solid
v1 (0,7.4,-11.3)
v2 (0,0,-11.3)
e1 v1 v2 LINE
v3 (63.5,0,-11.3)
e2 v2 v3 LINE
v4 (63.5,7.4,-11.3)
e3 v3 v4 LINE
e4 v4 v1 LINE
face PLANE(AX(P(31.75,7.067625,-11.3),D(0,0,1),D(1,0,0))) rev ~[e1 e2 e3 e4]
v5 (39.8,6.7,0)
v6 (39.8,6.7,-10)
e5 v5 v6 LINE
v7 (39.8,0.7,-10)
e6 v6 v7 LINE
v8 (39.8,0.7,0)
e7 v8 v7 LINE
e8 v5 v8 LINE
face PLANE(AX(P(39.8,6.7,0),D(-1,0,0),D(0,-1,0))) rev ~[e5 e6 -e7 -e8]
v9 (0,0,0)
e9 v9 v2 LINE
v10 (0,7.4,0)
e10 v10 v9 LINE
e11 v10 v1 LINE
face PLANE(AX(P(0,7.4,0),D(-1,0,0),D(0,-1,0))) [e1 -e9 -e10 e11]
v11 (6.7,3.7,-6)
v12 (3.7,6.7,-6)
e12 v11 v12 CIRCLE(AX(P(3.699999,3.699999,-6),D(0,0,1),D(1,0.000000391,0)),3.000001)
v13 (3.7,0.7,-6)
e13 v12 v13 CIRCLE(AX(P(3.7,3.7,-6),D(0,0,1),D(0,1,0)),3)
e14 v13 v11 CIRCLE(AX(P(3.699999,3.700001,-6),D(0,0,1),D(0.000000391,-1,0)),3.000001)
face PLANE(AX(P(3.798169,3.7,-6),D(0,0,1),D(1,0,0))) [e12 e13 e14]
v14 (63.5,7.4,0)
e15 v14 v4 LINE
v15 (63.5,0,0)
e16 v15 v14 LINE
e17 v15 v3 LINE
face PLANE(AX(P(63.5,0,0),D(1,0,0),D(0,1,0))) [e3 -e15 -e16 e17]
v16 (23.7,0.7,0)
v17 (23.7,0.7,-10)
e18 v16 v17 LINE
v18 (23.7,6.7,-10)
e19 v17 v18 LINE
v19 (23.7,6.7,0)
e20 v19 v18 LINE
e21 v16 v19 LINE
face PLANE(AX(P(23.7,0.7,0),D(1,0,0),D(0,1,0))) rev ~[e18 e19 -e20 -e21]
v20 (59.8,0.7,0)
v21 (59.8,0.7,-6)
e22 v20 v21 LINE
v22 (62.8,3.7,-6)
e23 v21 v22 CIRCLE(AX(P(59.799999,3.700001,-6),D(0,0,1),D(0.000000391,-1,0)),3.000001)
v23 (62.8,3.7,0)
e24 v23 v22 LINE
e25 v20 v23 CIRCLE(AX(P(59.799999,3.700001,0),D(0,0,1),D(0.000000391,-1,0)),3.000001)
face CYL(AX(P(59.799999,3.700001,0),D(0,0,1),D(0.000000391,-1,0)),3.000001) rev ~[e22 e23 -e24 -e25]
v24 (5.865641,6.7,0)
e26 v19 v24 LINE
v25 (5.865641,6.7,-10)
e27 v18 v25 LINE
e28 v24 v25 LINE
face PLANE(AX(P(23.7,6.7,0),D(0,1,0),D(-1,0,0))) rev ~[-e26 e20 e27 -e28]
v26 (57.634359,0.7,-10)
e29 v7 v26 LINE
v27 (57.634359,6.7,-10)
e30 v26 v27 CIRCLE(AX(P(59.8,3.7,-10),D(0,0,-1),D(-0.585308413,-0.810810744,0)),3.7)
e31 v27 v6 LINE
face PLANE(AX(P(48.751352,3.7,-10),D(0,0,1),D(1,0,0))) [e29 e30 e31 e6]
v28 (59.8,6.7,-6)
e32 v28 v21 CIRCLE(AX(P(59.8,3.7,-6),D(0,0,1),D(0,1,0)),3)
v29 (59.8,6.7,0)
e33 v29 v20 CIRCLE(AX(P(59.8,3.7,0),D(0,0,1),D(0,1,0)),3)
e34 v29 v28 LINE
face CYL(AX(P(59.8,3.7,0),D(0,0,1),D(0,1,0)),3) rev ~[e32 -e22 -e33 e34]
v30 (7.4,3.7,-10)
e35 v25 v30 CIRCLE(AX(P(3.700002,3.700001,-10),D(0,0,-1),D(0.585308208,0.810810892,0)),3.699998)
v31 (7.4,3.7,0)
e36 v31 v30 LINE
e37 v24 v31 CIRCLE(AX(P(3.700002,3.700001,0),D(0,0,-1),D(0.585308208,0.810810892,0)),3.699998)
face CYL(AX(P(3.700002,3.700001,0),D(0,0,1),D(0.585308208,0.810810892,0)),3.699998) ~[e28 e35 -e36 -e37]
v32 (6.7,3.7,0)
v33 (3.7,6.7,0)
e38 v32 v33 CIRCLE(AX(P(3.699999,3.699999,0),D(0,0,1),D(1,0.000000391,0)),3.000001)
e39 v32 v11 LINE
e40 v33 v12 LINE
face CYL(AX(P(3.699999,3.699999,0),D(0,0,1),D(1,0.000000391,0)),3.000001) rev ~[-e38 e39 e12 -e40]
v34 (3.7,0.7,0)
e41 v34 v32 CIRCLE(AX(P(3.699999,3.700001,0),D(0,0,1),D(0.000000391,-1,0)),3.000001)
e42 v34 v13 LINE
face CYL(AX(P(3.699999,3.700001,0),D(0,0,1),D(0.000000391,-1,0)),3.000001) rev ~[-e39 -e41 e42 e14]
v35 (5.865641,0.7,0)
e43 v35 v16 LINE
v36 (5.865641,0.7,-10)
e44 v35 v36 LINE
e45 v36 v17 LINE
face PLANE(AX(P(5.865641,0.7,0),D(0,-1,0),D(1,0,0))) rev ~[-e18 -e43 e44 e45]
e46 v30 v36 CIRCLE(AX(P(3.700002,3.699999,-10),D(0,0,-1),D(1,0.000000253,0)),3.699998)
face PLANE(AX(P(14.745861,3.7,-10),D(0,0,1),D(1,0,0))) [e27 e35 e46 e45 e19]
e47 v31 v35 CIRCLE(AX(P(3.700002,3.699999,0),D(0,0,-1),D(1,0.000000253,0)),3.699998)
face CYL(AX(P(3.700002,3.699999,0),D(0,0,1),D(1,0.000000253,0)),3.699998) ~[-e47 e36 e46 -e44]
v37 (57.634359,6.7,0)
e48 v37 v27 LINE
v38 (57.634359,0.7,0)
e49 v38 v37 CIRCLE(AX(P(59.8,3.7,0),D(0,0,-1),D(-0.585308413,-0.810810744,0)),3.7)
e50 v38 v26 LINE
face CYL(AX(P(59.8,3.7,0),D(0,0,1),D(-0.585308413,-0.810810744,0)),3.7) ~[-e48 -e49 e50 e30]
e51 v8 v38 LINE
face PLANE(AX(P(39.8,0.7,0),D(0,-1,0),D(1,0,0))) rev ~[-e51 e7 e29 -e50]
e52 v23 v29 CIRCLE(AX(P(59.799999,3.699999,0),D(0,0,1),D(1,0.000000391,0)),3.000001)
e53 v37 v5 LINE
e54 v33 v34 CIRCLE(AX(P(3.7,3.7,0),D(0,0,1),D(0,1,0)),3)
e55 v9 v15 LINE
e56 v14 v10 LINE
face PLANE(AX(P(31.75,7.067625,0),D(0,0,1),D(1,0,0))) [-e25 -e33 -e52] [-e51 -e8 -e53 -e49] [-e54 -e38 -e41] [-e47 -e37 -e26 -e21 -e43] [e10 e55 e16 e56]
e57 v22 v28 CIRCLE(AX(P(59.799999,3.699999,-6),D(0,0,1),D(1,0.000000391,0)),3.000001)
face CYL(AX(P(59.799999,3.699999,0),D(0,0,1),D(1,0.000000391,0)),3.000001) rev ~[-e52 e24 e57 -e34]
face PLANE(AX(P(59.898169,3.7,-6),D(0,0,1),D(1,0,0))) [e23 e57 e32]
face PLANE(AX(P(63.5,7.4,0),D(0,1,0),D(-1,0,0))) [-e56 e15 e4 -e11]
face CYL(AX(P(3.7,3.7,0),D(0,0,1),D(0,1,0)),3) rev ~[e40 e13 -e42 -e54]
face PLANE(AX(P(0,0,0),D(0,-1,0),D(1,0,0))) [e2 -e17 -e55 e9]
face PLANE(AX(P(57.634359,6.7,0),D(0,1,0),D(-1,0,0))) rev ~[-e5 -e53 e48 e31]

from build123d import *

# Parameters (mm, degrees)
F0_W     = 16.1
F0_H     = 6
F1_DEPTH = 11.3
F2_DEPTH = 6
F3_DEPTH = 10


with BuildPart() as f1:
    # F0 (on Top) → F1 (new body)
    with BuildSketch(Plane.XY):
        with BuildLine():
            Line((59.8, 7.4), (3.7, 7.4))
            ThreePointArc((3.7, 7.4), (4.837981, 7.220653), (5.865641, 6.7))
            Line((5.865641, 6.7), (23.7, 6.7))
            Line((23.7, 6.7), (39.8, 6.7))
            Line((39.8, 6.7), (57.634359, 6.7))
            ThreePointArc((57.634359, 6.7), (58.662019, 7.220653), (59.8, 7.4))
        make_face()
        with BuildLine():
            ThreePointArc((57.634359, 6.7), (56.1, 3.7), (57.634359, 0.7))
            Line((57.634359, 0.7), (59.8, 0.7))
            ThreePointArc((59.8, 0.7), (56.8, 3.7), (59.8, 6.7))
            Line((59.8, 6.7), (57.634359, 6.7))
        make_face()
        with BuildLine():
            ThreePointArc((59.8, 7.4), (62.416295, 6.316295), (63.5, 3.7))
            Line((63.5, 3.7), (63.5, 7.4))
            Line((63.5, 7.4), (59.8, 7.4))
        make_face()
        with BuildLine():
            ThreePointArc((63.5, 3.7), (62.416295, 1.083705), (59.8, 0))
            Line((59.8, 0), (63.5, 0))
            Line((63.5, 0), (63.5, 3.7))
        make_face()
        with BuildLine():
            ThreePointArc((5.865641, 0.7), (4.837981, 0.179347), (3.7, 0))
            Line((3.7, 0), (59.8, 0))
            ThreePointArc((59.8, 0), (58.662019, 0.179347), (57.634359, 0.7))
            Line((57.634359, 0.7), (39.8, 0.7))
            Line((39.8, 0.7), (23.7, 0.7))
            Line((23.7, 0.7), (5.865641, 0.7))
        make_face()
        with BuildLine():
            ThreePointArc((57.634359, 0.7), (58.662019, 0.179347), (59.8, 0))
            ThreePointArc((59.8, 0), (62.416295, 1.083705), (63.5, 3.7))
            ThreePointArc((63.5, 3.7), (62.416295, 6.316295), (59.8, 7.4))
            ThreePointArc((59.8, 7.4), (58.662019, 7.220653), (57.634359, 6.7))
            Line((57.634359, 6.7), (59.8, 6.7))
            ThreePointArc((59.8, 6.7), (61.92132, 5.82132), (62.8, 3.7))
            ThreePointArc((62.8, 3.7), (61.92132, 1.57868), (59.8, 0.7))
            Line((59.8, 0.7), (57.634359, 0.7))
        make_face()
        with Locations((31.75, 3.7)):
            Rectangle(F0_W, F0_H)
        with BuildLine():
            ThreePointArc((0, 3.7), (1.083705, 1.083705), (3.7, 0))
            ThreePointArc((3.7, 0), (4.837981, 0.179347), (5.865641, 0.7))
            Line((5.865641, 0.7), (3.7, 0.7))
            ThreePointArc((3.7, 0.7), (0.7, 3.7), (3.7, 6.7))
            Line((3.7, 6.7), (5.865641, 6.7))
            ThreePointArc((5.865641, 6.7), (4.837981, 7.220653), (3.7, 7.4))
            ThreePointArc((3.7, 7.4), (1.083705, 6.316295), (0, 3.7))
        make_face()
        with BuildLine():
            Line((3.7, 0.7), (5.865641, 0.7))
            ThreePointArc((5.865641, 0.7), (6.994152, 2.015196), (7.4, 3.7))
            ThreePointArc((7.4, 3.7), (6.994152, 5.384804), (5.865641, 6.7))
            Line((5.865641, 6.7), (3.7, 6.7))
            ThreePointArc((3.7, 6.7), (5.82132, 5.82132), (6.7, 3.7))
            ThreePointArc((6.7, 3.7), (5.82132, 1.57868), (3.7, 0.7))
        make_face()
        with BuildLine():
            Line((0, 7.4), (0, 3.7))
            ThreePointArc((0, 3.7), (1.083705, 6.316295), (3.7, 7.4))
            Line((3.7, 7.4), (0, 7.4))
        make_face()
        with BuildLine():
            Line((0, 3.7), (0, 0))
            Line((0, 0), (3.7, 0))
            ThreePointArc((3.7, 0), (1.083705, 1.083705), (0, 3.7))
        make_face()
        with BuildLine():
            ThreePointArc((3.7, 6.7), (0.7, 3.7), (3.7, 0.7))
            ThreePointArc((3.7, 0.7), (5.82132, 1.57868), (6.7, 3.7))
            ThreePointArc((6.7, 3.7), (5.82132, 5.82132), (3.7, 6.7))
        make_face()
        with BuildLine():
            ThreePointArc((7.4, 3.7), (6.994152, 2.015196), (5.865641, 0.7))
            Line((5.865641, 0.7), (23.7, 0.7))
            Line((23.7, 0.7), (23.7, 6.7))
            Line((23.7, 6.7), (5.865641, 6.7))
            ThreePointArc((5.865641, 6.7), (6.994152, 5.384804), (7.4, 3.7))
        make_face()
        with BuildLine():
            Line((39.8, 0.7), (57.634359, 0.7))
            ThreePointArc((57.634359, 0.7), (56.1, 3.7), (57.634359, 6.7))
            Line((57.634359, 6.7), (39.8, 6.7))
            Line((39.8, 6.7), (39.8, 0.7))
        make_face()
        with BuildLine():
            ThreePointArc((59.8, 6.7), (56.8, 3.7), (59.8, 0.7))
            ThreePointArc((59.8, 0.7), (61.92132, 1.57868), (62.8, 3.7))
            ThreePointArc((62.8, 3.7), (61.92132, 5.82132), (59.8, 6.7))
        make_face()
    extrude(amount=-F1_DEPTH)

    # F0 (on Top) → F2 (cut)
    with BuildSketch(Plane.XY):
        with BuildLine():
            ThreePointArc((3.7, 6.7), (0.7, 3.7), (3.7, 0.7))
            ThreePointArc((3.7, 0.7), (5.82132, 1.57868), (6.7, 3.7))
            ThreePointArc((6.7, 3.7), (5.82132, 5.82132), (3.7, 6.7))
        make_face()
        with BuildLine():
            ThreePointArc((59.8, 6.7), (56.8, 3.7), (59.8, 0.7))
            ThreePointArc((59.8, 0.7), (61.92132, 1.57868), (62.8, 3.7))
            ThreePointArc((62.8, 3.7), (61.92132, 5.82132), (59.8, 6.7))
        make_face()
    extrude(amount=-F2_DEPTH, mode=Mode.SUBTRACT)

    # F0 (on Top) → F3 (cut)
    with BuildSketch(Plane.XY):
        with BuildLine():
            ThreePointArc((7.4, 3.7), (6.994152, 2.015196), (5.865641, 0.7))
            Line((5.865641, 0.7), (23.7, 0.7))
            Line((23.7, 0.7), (23.7, 6.7))
            Line((23.7, 6.7), (5.865641, 6.7))
            ThreePointArc((5.865641, 6.7), (6.994152, 5.384804), (7.4, 3.7))
        make_face()
        with BuildLine():
            Line((39.8, 0.7), (57.634359, 0.7))
            ThreePointArc((57.634359, 0.7), (56.1, 3.7), (57.634359, 6.7))
            Line((57.634359, 6.7), (39.8, 6.7))
            Line((39.8, 6.7), (39.8, 0.7))
        make_face()
    extrude(amount=-F3_DEPTH, mode=Mode.SUBTRACT)


solid = f1.part
